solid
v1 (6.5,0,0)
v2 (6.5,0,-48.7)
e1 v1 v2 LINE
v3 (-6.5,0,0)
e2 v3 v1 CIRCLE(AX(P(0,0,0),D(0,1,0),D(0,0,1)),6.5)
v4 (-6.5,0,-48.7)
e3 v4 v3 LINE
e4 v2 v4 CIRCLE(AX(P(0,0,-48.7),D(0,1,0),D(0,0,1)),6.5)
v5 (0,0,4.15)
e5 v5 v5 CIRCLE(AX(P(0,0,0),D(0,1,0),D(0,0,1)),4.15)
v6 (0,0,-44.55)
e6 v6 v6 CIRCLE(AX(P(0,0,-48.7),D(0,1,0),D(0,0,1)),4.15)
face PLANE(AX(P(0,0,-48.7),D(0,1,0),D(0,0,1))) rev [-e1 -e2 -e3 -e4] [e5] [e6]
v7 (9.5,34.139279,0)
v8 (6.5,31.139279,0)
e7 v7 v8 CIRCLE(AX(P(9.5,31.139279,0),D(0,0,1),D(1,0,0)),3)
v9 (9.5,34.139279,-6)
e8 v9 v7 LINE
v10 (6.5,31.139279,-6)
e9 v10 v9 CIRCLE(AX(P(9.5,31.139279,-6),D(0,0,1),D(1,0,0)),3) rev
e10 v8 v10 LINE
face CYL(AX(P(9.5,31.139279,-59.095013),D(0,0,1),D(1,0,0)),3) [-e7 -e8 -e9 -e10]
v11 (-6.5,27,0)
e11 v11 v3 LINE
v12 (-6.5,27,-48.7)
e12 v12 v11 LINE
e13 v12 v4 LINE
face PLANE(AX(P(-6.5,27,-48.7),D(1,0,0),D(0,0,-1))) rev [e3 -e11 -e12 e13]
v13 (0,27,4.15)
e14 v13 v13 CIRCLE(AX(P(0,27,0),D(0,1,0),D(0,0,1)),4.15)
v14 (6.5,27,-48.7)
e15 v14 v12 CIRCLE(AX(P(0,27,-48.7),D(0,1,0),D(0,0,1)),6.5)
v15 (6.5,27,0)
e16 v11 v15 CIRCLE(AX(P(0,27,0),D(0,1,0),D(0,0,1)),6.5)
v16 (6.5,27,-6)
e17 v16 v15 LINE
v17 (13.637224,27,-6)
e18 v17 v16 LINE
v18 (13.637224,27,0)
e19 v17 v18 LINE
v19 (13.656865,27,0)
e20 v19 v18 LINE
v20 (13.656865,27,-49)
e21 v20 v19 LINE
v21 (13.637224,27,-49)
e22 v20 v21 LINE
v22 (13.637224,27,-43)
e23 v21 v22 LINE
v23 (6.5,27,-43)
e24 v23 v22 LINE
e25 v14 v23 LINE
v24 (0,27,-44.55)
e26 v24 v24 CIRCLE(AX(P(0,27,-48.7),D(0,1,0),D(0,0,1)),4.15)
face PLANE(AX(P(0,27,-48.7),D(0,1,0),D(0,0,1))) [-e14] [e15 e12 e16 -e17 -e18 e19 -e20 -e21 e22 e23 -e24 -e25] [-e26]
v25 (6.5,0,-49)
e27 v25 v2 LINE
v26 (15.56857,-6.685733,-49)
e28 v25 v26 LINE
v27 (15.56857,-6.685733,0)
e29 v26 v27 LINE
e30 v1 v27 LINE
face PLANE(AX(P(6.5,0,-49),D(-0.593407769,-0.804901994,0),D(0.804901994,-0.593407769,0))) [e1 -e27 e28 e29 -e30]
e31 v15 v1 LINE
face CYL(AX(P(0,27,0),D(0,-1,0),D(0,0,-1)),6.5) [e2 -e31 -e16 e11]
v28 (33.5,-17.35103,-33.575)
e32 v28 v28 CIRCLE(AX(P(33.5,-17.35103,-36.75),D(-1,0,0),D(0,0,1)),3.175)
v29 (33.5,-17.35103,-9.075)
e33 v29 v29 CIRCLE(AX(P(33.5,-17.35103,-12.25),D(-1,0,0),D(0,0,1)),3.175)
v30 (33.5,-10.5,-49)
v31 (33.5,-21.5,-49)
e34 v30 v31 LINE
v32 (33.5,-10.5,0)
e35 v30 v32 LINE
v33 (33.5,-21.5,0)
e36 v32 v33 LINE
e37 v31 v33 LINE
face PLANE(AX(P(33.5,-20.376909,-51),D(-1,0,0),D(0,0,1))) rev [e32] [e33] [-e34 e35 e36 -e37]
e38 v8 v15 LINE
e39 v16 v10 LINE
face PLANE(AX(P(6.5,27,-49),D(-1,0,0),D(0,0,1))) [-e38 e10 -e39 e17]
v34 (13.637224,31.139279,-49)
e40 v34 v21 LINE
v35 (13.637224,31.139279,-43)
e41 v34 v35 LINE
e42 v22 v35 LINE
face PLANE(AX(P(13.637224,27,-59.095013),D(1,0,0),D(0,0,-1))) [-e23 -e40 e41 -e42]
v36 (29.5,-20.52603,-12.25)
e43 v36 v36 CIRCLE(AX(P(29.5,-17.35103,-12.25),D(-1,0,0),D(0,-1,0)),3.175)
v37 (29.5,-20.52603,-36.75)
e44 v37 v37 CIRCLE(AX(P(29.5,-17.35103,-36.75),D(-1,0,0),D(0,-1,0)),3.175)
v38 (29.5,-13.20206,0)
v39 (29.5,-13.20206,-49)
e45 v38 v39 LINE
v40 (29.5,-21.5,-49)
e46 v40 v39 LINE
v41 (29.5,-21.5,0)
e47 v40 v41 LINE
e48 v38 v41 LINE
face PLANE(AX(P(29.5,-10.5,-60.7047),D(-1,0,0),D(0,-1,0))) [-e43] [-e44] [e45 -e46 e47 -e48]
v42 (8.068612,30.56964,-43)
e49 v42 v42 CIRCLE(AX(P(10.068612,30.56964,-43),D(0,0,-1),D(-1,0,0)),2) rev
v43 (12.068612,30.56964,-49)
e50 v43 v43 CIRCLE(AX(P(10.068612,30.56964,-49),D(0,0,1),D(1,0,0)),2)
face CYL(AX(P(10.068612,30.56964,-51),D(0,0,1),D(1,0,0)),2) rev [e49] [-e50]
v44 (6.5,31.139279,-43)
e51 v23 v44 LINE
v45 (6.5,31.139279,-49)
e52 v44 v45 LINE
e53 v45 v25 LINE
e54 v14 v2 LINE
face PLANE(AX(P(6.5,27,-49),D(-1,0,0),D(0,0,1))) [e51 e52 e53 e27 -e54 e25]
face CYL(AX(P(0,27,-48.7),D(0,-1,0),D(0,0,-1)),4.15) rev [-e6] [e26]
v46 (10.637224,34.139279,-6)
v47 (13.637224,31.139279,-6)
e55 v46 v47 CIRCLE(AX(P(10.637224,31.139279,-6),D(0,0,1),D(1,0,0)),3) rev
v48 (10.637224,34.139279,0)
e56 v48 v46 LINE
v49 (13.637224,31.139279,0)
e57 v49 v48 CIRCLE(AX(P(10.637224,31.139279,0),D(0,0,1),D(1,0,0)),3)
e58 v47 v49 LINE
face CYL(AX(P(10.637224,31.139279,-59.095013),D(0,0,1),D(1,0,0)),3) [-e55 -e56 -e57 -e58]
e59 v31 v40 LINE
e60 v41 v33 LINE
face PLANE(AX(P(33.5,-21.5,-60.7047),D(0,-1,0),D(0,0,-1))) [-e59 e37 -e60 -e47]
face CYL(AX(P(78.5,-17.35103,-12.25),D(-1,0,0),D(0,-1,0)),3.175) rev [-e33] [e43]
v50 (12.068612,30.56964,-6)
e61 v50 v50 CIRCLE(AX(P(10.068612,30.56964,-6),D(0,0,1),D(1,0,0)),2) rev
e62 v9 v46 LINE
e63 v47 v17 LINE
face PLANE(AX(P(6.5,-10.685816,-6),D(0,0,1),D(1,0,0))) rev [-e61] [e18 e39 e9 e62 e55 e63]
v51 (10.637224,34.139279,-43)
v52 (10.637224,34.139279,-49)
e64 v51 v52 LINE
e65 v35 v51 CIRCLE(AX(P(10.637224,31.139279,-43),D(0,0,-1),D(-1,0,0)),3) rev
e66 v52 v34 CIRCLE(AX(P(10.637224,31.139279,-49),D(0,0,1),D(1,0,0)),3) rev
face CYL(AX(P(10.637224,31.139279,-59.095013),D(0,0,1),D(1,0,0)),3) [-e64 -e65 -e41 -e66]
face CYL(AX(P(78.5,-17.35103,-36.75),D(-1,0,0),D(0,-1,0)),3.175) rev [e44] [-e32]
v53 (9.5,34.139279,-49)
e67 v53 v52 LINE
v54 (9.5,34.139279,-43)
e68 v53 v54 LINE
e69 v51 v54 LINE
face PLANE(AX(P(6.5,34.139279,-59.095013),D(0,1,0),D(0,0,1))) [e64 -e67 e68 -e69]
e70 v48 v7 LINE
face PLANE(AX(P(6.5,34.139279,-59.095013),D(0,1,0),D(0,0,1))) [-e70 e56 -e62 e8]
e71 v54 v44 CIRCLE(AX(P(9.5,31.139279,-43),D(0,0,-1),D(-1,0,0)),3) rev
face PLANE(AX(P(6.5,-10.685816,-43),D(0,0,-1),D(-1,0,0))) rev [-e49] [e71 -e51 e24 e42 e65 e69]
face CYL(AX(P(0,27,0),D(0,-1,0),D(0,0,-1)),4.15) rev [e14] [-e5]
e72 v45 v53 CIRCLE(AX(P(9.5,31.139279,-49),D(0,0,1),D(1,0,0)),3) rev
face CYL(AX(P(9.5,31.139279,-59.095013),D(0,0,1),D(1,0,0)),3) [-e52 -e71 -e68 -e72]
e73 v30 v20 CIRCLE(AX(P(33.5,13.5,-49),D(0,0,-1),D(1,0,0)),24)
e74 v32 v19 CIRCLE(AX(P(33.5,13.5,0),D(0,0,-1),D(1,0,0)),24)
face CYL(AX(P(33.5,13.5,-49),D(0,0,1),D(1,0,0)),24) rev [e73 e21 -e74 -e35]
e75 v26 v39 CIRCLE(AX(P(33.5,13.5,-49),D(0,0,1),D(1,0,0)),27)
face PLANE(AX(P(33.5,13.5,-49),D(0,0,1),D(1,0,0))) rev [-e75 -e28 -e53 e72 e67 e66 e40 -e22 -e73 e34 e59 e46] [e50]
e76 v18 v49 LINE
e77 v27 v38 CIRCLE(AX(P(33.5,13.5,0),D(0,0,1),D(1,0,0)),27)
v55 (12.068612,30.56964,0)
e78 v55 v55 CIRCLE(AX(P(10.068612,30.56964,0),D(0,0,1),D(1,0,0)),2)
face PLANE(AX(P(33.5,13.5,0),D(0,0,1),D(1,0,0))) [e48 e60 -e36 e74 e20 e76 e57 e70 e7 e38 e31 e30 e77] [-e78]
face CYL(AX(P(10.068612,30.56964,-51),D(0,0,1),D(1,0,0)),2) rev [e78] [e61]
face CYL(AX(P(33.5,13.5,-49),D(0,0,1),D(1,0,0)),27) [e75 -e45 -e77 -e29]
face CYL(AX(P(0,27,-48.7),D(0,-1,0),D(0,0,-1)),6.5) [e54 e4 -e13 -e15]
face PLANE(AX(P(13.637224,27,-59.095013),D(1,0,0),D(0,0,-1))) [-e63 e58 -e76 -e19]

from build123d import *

# Parameters (mm, degrees)
SKETCH1_R           = 4.15
BOSS_EXTRUDE1_DEPTH = 27
BOSS_EXTRUDE2_DEPTH = 49
SKETCH3_W           = 7.137224295
SKETCH3_H           = 7.139279227
BOSS_EXTRUDE3_DEPTH = 49
SKETCH4_R           = 2
CUT_EXTRUDE1_DEPTH  = 51
FILLET1_R           = 3
SKETCH5_W           = 7.156865167
SKETCH5_H           = 37
CUT_EXTRUDE2_DEPTH  = 7.139279
SKETCH7_W           = 36.574972609
SKETCH7_H           = 48.532858444
CUT_EXTRUDE3_DEPTH  = 51
SKETCH8_W           = 4
SKETCH8_H           = 11
BOSS_EXTRUDE4_DEPTH = 49
SKETCH10_R          = 3.175
CUT_EXTRUDE4_DEPTH  = 49


with BuildPart() as part:
    # Sketch1 → Boss-Extrude1 (new body)
    with BuildSketch(Plane(origin=(0, 0, 0), x_dir=(1, 0, 0), z_dir=(0, 1, 0))):
        with BuildLine():
            Line((-6.5, 48.7), (-6.5, 0))
            ThreePointArc((-6.5, 0), (0, -6.5), (6.5, 0))
            Line((6.5, 0), (6.5, 48.7))
            ThreePointArc((6.5, 48.7), (0, 55.2), (-6.5, 48.7))
        make_face()
        with Locations(Location((0, 0, 0), (0, 0, 270))):  # turned: the seam where the file's is
            Circle(SKETCH1_R, mode=Mode.SUBTRACT)
        with Locations(Location((0, 48.7, 0), (0, 0, 270))):  # turned: the seam where the file's is
            Circle(SKETCH1_R, mode=Mode.SUBTRACT)
    extrude(amount=BOSS_EXTRUDE1_DEPTH)

    # Sketch2 → Boss-Extrude2 (add)
    with BuildSketch(Plane.XY):
        with BuildLine():
            Line((6.5, 27), (6.5, 0))
            Line((6.5, 0), (15.568570347, -6.685733343))
            ThreePointArc((15.568570347, -6.685733343), (43.70403904, -11.497551626), (60.435084664, 11.628846841))
            Line((60.435084664, 11.628846841), (62.638339389, 10.782838022))
            Line((62.638339389, 10.782838022), (62.638339389, 13.5))
            Line((62.638339389, 13.5), (57.5, 13.5))
            ThreePointArc((57.5, 13.5), (26.437253933, -9.437253933), (13.656865167, 27))
            Line((13.656865167, 27), (6.5, 27))
        make_face()
    extrude(amount=-BOSS_EXTRUDE2_DEPTH)

    # Sketch3 → Boss-Extrude3 (add)
    with BuildSketch(Plane.XY):
        with Locations((10.068612148, 30.569639614)):
            Rectangle(SKETCH3_W, SKETCH3_H)
    extrude(amount=-BOSS_EXTRUDE3_DEPTH)

    # Sketch4 → Cut-Extrude1 (cut)
    with BuildSketch(Plane.XY):
        with Locations((10.068612147, 30.569639613)):
            Circle(SKETCH4_R)
    extrude(amount=-CUT_EXTRUDE1_DEPTH, mode=Mode.SUBTRACT)

    # Fillet1
    fillet1_edges = [part.edges().sort_by_distance(p)[0] for p in [
        (6.5, 34.139279227, -24.5),
        (13.637224295, 34.139279227, -24.5),
    ]]
    fillet(fillet1_edges, radius=FILLET1_R)

    # Sketch5 → Cut-Extrude2 (cut)
    with BuildSketch(Plane(origin=(0, 34.139279227, 0), x_dir=(1, 0, 0), z_dir=(0, 1, 0))):
        with Locations((10.078432583, 24.5)):
            Rectangle(SKETCH5_W, SKETCH5_H)
    extrude(amount=-CUT_EXTRUDE2_DEPTH, mode=Mode.SUBTRACT)

    # Sketch7 → Cut-Extrude3 (cut)
    with BuildSketch(Plane.XY):
        with Locations((51.787486304, 3.889520552)):
            Rectangle(SKETCH7_W, SKETCH7_H)
    extrude(amount=-CUT_EXTRUDE3_DEPTH, mode=Mode.SUBTRACT)

    # Sketch8 → Boss-Extrude4 (add)
    with BuildSketch(Plane.XY):
        with Locations((31.5, -16)):
            Rectangle(SKETCH8_W, SKETCH8_H)
    extrude(amount=-BOSS_EXTRUDE4_DEPTH)

    # Sketch10 → Cut-Extrude4 (cut)
    with BuildSketch(Plane.ZY.offset(-29.5)):
        with Locations(Location((-36.75, -17.351029923, 0), (0, 0, 270))):  # turned: the seam where the file's is
            Circle(SKETCH10_R)
        with Locations(Location((-12.25, -17.351029923, 0), (0, 0, 270))):  # turned: the seam where the file's is
            Circle(SKETCH10_R)
    extrude(amount=-CUT_EXTRUDE4_DEPTH, mode=Mode.SUBTRACT)


solid = part.part
